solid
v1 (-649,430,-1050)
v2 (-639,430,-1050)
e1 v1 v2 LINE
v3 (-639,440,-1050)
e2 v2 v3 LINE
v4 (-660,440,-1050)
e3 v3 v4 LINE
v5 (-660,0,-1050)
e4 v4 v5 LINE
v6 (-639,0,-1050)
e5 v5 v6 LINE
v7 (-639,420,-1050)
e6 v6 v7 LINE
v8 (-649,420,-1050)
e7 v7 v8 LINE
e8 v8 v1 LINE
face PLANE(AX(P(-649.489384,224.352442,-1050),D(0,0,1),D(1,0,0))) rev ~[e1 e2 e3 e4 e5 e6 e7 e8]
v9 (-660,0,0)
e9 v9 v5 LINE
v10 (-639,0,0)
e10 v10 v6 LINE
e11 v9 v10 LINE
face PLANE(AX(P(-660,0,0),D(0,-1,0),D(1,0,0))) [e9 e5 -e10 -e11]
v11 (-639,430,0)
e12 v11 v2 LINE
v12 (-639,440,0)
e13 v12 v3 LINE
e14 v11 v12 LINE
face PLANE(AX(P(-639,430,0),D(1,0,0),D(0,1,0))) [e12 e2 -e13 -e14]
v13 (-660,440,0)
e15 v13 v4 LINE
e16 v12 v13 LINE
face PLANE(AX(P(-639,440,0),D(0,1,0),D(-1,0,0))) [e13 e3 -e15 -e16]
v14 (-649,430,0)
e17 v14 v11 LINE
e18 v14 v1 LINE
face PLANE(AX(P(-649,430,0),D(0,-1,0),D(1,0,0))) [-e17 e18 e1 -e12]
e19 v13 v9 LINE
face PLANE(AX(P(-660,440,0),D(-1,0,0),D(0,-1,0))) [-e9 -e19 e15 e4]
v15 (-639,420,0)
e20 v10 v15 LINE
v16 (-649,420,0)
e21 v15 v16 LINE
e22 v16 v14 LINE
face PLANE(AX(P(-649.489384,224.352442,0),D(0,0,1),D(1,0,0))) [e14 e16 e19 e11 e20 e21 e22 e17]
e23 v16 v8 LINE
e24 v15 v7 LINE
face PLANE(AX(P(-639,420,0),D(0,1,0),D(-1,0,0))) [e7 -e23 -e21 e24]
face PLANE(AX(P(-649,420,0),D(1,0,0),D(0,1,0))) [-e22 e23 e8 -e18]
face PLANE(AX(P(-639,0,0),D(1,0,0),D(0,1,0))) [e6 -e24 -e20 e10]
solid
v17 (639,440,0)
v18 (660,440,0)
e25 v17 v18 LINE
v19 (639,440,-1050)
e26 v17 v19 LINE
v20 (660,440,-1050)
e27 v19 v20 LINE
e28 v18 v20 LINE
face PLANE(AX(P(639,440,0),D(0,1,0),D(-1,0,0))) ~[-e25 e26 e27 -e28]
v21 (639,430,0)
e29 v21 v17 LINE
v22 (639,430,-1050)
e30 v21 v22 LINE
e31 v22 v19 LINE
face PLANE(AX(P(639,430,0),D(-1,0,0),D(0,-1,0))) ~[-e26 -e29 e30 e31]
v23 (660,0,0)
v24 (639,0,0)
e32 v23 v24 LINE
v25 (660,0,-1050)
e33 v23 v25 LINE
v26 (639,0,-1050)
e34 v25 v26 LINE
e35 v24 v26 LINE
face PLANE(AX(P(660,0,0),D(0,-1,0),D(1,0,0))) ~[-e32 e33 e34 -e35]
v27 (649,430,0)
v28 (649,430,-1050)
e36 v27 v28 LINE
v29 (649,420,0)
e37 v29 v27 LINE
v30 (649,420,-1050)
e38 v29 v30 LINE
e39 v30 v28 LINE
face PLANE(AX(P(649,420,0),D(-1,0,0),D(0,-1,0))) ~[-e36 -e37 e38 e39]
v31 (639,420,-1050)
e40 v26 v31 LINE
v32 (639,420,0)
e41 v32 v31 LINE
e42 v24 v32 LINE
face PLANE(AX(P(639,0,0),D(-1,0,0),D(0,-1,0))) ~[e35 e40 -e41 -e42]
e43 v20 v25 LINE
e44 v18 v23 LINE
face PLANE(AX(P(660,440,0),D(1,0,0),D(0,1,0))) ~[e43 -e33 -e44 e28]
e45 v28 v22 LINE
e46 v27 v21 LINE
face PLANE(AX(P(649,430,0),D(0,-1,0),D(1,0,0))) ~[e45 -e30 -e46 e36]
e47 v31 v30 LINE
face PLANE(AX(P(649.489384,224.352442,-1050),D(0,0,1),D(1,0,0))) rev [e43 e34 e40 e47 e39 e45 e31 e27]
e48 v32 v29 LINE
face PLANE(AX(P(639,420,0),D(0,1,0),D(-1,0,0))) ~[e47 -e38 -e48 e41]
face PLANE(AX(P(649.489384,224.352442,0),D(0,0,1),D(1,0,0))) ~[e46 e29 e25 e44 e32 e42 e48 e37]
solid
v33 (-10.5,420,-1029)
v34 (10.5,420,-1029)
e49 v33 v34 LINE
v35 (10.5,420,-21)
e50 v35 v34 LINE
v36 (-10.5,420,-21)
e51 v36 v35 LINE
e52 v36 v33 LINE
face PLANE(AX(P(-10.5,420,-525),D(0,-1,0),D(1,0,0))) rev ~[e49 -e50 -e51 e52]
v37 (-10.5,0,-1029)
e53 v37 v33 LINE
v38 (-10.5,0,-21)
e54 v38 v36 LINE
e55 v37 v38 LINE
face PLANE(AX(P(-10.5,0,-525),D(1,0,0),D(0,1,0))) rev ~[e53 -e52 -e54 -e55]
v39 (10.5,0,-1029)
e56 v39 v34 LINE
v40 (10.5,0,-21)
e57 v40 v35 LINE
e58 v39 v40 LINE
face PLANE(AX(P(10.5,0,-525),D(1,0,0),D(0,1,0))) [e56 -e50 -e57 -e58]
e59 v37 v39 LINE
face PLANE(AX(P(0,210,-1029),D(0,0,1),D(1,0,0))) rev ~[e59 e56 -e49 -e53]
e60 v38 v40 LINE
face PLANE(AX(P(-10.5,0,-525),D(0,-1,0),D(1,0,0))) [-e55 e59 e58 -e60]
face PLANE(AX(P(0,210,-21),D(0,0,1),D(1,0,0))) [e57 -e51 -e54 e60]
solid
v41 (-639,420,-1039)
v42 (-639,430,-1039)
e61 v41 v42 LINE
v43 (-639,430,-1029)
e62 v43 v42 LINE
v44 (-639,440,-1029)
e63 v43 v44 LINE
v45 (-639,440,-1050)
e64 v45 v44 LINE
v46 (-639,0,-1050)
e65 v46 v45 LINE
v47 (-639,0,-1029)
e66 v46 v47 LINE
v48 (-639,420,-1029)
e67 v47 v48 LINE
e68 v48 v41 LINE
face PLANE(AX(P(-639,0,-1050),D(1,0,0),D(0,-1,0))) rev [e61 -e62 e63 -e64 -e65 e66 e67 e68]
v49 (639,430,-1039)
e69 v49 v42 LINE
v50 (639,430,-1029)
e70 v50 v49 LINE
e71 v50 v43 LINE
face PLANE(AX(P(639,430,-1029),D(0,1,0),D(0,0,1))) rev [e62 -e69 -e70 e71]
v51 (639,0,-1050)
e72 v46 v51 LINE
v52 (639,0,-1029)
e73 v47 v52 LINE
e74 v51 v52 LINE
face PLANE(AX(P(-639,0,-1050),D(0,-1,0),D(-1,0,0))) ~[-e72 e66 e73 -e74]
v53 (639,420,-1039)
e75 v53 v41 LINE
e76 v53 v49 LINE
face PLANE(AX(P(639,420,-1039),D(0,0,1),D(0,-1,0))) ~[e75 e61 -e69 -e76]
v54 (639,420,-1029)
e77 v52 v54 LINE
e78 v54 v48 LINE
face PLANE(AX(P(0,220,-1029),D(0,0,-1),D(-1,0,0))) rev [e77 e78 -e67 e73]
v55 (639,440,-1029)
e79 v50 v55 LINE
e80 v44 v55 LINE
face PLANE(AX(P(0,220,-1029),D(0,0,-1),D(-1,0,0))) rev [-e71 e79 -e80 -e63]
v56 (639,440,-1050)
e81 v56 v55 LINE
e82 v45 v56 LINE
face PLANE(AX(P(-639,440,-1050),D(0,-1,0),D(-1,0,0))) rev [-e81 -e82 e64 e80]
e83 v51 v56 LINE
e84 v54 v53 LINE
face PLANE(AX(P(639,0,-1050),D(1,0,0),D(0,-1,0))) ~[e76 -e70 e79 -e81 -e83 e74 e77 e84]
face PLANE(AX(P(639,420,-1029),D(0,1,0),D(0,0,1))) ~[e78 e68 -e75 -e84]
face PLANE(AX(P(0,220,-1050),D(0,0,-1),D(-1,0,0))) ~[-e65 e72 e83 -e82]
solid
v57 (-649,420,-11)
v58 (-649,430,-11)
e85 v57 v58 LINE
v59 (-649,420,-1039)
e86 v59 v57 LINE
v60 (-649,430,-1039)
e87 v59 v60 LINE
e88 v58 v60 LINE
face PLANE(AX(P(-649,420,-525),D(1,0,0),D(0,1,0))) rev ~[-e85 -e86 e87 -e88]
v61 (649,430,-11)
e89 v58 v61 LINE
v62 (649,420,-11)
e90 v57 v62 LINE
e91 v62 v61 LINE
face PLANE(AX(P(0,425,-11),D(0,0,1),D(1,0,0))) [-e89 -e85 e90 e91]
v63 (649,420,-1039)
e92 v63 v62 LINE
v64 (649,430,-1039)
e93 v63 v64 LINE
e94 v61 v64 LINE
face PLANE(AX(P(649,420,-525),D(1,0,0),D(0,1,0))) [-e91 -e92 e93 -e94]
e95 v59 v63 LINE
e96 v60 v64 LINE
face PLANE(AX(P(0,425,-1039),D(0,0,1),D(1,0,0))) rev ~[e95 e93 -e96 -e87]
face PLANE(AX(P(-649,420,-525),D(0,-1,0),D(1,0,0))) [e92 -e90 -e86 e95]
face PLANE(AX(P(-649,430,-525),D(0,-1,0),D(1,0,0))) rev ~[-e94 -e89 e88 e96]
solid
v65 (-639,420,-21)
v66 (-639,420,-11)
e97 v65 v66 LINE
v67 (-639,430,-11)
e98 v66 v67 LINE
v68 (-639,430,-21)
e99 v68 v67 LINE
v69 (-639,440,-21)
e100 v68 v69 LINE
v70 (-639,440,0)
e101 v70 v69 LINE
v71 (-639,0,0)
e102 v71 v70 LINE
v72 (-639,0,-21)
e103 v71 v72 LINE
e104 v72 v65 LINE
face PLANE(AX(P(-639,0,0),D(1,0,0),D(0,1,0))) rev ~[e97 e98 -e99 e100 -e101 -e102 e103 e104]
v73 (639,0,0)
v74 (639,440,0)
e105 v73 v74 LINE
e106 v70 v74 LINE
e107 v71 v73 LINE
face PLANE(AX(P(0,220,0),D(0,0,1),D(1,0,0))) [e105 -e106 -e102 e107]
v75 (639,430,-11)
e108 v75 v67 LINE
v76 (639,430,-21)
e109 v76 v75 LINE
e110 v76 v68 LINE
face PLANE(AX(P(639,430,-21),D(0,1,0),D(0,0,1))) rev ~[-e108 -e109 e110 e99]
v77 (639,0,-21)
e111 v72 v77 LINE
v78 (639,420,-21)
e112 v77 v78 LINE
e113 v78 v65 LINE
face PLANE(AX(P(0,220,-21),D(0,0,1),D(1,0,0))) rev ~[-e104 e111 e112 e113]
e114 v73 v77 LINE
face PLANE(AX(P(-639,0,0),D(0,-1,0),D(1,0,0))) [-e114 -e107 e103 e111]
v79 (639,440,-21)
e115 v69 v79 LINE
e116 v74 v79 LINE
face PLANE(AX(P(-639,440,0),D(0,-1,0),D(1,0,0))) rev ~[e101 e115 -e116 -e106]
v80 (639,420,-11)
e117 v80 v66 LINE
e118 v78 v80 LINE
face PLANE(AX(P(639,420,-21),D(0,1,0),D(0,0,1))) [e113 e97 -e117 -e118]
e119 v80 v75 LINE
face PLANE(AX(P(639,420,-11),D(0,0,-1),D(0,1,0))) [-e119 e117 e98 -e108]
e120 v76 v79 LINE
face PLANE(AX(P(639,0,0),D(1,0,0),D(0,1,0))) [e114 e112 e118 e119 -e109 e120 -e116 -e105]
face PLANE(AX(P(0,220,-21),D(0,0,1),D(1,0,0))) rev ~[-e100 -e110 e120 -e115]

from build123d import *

# Parameters (mm, degrees)
F4_DEPTH       = 1050
F6_W           = 1278
F6_H           = 440
F7_DEPTH       = 21
F8_W           = 10
F8_H           = 10
F9_DEPTH       = 1278
F12_W          = 21
F12_H          = 420
F13_DEPTH      = 504
F13_DEPTH_BACK = 504
F14_W          = 1298
F14_H          = 10
F15_DEPTH      = 514
F15_DEPTH_BACK = 514


with BuildPart() as f4:
    # F3 (on Top) → F4 (new body, through all)
    with BuildSketch(Plane.XY):
        Polygon((-639, 440), (-660, 440), (-660, 0), (-639, 0), (-639, 420), (-649, 420), (-649, 430), (-639, 430), align=None)
    extrude(amount=-F4_DEPTH)


with BuildPart() as f5_1:
    # F5: instance of F4
    add(f4.part.mirror(Plane.YZ))


with BuildPart() as f7:
    # F6 (on Top) → F7 (new body)
    with BuildSketch(Plane.XY):
        with Locations((0, 220)):
            Rectangle(F6_W, F6_H)
    extrude(amount=-F7_DEPTH)

    # F8 (on face) → F9 (cut, through all)
    with BuildSketch(Plane.YZ.offset(639)):
        with Locations((425, -16)):
            Rectangle(F8_W, F8_H)
    extrude(amount=-F9_DEPTH, mode=Mode.SUBTRACT)


with BuildPart() as f11_1:
    # F11: instance of F7
    add(f7.part.mirror(Plane.XY.offset(-525)))


with BuildPart() as f13:
    # F12 (on offset) → F13 (new body, two sides)
    with BuildSketch(Plane.XY.offset(-525)) as f13_sk:
        with Locations((0, 210)):
            Rectangle(F12_W, F12_H)
    extrude(amount=F13_DEPTH)
    extrude(f13_sk.sketch, amount=-F13_DEPTH_BACK)


with BuildPart() as f15:
    # F14 (on offset) → F15 (new body, two sides)
    with BuildSketch(Plane.XY.offset(-525)) as f15_sk:
        with Locations((0, 425)):
            Rectangle(F14_W, F14_H)
    extrude(amount=F15_DEPTH)
    extrude(f15_sk.sketch, amount=-F15_DEPTH_BACK)


solid = Compound([f4.part, f5_1.part, f7.part, f11_1.part, f13.part, f15.part])
